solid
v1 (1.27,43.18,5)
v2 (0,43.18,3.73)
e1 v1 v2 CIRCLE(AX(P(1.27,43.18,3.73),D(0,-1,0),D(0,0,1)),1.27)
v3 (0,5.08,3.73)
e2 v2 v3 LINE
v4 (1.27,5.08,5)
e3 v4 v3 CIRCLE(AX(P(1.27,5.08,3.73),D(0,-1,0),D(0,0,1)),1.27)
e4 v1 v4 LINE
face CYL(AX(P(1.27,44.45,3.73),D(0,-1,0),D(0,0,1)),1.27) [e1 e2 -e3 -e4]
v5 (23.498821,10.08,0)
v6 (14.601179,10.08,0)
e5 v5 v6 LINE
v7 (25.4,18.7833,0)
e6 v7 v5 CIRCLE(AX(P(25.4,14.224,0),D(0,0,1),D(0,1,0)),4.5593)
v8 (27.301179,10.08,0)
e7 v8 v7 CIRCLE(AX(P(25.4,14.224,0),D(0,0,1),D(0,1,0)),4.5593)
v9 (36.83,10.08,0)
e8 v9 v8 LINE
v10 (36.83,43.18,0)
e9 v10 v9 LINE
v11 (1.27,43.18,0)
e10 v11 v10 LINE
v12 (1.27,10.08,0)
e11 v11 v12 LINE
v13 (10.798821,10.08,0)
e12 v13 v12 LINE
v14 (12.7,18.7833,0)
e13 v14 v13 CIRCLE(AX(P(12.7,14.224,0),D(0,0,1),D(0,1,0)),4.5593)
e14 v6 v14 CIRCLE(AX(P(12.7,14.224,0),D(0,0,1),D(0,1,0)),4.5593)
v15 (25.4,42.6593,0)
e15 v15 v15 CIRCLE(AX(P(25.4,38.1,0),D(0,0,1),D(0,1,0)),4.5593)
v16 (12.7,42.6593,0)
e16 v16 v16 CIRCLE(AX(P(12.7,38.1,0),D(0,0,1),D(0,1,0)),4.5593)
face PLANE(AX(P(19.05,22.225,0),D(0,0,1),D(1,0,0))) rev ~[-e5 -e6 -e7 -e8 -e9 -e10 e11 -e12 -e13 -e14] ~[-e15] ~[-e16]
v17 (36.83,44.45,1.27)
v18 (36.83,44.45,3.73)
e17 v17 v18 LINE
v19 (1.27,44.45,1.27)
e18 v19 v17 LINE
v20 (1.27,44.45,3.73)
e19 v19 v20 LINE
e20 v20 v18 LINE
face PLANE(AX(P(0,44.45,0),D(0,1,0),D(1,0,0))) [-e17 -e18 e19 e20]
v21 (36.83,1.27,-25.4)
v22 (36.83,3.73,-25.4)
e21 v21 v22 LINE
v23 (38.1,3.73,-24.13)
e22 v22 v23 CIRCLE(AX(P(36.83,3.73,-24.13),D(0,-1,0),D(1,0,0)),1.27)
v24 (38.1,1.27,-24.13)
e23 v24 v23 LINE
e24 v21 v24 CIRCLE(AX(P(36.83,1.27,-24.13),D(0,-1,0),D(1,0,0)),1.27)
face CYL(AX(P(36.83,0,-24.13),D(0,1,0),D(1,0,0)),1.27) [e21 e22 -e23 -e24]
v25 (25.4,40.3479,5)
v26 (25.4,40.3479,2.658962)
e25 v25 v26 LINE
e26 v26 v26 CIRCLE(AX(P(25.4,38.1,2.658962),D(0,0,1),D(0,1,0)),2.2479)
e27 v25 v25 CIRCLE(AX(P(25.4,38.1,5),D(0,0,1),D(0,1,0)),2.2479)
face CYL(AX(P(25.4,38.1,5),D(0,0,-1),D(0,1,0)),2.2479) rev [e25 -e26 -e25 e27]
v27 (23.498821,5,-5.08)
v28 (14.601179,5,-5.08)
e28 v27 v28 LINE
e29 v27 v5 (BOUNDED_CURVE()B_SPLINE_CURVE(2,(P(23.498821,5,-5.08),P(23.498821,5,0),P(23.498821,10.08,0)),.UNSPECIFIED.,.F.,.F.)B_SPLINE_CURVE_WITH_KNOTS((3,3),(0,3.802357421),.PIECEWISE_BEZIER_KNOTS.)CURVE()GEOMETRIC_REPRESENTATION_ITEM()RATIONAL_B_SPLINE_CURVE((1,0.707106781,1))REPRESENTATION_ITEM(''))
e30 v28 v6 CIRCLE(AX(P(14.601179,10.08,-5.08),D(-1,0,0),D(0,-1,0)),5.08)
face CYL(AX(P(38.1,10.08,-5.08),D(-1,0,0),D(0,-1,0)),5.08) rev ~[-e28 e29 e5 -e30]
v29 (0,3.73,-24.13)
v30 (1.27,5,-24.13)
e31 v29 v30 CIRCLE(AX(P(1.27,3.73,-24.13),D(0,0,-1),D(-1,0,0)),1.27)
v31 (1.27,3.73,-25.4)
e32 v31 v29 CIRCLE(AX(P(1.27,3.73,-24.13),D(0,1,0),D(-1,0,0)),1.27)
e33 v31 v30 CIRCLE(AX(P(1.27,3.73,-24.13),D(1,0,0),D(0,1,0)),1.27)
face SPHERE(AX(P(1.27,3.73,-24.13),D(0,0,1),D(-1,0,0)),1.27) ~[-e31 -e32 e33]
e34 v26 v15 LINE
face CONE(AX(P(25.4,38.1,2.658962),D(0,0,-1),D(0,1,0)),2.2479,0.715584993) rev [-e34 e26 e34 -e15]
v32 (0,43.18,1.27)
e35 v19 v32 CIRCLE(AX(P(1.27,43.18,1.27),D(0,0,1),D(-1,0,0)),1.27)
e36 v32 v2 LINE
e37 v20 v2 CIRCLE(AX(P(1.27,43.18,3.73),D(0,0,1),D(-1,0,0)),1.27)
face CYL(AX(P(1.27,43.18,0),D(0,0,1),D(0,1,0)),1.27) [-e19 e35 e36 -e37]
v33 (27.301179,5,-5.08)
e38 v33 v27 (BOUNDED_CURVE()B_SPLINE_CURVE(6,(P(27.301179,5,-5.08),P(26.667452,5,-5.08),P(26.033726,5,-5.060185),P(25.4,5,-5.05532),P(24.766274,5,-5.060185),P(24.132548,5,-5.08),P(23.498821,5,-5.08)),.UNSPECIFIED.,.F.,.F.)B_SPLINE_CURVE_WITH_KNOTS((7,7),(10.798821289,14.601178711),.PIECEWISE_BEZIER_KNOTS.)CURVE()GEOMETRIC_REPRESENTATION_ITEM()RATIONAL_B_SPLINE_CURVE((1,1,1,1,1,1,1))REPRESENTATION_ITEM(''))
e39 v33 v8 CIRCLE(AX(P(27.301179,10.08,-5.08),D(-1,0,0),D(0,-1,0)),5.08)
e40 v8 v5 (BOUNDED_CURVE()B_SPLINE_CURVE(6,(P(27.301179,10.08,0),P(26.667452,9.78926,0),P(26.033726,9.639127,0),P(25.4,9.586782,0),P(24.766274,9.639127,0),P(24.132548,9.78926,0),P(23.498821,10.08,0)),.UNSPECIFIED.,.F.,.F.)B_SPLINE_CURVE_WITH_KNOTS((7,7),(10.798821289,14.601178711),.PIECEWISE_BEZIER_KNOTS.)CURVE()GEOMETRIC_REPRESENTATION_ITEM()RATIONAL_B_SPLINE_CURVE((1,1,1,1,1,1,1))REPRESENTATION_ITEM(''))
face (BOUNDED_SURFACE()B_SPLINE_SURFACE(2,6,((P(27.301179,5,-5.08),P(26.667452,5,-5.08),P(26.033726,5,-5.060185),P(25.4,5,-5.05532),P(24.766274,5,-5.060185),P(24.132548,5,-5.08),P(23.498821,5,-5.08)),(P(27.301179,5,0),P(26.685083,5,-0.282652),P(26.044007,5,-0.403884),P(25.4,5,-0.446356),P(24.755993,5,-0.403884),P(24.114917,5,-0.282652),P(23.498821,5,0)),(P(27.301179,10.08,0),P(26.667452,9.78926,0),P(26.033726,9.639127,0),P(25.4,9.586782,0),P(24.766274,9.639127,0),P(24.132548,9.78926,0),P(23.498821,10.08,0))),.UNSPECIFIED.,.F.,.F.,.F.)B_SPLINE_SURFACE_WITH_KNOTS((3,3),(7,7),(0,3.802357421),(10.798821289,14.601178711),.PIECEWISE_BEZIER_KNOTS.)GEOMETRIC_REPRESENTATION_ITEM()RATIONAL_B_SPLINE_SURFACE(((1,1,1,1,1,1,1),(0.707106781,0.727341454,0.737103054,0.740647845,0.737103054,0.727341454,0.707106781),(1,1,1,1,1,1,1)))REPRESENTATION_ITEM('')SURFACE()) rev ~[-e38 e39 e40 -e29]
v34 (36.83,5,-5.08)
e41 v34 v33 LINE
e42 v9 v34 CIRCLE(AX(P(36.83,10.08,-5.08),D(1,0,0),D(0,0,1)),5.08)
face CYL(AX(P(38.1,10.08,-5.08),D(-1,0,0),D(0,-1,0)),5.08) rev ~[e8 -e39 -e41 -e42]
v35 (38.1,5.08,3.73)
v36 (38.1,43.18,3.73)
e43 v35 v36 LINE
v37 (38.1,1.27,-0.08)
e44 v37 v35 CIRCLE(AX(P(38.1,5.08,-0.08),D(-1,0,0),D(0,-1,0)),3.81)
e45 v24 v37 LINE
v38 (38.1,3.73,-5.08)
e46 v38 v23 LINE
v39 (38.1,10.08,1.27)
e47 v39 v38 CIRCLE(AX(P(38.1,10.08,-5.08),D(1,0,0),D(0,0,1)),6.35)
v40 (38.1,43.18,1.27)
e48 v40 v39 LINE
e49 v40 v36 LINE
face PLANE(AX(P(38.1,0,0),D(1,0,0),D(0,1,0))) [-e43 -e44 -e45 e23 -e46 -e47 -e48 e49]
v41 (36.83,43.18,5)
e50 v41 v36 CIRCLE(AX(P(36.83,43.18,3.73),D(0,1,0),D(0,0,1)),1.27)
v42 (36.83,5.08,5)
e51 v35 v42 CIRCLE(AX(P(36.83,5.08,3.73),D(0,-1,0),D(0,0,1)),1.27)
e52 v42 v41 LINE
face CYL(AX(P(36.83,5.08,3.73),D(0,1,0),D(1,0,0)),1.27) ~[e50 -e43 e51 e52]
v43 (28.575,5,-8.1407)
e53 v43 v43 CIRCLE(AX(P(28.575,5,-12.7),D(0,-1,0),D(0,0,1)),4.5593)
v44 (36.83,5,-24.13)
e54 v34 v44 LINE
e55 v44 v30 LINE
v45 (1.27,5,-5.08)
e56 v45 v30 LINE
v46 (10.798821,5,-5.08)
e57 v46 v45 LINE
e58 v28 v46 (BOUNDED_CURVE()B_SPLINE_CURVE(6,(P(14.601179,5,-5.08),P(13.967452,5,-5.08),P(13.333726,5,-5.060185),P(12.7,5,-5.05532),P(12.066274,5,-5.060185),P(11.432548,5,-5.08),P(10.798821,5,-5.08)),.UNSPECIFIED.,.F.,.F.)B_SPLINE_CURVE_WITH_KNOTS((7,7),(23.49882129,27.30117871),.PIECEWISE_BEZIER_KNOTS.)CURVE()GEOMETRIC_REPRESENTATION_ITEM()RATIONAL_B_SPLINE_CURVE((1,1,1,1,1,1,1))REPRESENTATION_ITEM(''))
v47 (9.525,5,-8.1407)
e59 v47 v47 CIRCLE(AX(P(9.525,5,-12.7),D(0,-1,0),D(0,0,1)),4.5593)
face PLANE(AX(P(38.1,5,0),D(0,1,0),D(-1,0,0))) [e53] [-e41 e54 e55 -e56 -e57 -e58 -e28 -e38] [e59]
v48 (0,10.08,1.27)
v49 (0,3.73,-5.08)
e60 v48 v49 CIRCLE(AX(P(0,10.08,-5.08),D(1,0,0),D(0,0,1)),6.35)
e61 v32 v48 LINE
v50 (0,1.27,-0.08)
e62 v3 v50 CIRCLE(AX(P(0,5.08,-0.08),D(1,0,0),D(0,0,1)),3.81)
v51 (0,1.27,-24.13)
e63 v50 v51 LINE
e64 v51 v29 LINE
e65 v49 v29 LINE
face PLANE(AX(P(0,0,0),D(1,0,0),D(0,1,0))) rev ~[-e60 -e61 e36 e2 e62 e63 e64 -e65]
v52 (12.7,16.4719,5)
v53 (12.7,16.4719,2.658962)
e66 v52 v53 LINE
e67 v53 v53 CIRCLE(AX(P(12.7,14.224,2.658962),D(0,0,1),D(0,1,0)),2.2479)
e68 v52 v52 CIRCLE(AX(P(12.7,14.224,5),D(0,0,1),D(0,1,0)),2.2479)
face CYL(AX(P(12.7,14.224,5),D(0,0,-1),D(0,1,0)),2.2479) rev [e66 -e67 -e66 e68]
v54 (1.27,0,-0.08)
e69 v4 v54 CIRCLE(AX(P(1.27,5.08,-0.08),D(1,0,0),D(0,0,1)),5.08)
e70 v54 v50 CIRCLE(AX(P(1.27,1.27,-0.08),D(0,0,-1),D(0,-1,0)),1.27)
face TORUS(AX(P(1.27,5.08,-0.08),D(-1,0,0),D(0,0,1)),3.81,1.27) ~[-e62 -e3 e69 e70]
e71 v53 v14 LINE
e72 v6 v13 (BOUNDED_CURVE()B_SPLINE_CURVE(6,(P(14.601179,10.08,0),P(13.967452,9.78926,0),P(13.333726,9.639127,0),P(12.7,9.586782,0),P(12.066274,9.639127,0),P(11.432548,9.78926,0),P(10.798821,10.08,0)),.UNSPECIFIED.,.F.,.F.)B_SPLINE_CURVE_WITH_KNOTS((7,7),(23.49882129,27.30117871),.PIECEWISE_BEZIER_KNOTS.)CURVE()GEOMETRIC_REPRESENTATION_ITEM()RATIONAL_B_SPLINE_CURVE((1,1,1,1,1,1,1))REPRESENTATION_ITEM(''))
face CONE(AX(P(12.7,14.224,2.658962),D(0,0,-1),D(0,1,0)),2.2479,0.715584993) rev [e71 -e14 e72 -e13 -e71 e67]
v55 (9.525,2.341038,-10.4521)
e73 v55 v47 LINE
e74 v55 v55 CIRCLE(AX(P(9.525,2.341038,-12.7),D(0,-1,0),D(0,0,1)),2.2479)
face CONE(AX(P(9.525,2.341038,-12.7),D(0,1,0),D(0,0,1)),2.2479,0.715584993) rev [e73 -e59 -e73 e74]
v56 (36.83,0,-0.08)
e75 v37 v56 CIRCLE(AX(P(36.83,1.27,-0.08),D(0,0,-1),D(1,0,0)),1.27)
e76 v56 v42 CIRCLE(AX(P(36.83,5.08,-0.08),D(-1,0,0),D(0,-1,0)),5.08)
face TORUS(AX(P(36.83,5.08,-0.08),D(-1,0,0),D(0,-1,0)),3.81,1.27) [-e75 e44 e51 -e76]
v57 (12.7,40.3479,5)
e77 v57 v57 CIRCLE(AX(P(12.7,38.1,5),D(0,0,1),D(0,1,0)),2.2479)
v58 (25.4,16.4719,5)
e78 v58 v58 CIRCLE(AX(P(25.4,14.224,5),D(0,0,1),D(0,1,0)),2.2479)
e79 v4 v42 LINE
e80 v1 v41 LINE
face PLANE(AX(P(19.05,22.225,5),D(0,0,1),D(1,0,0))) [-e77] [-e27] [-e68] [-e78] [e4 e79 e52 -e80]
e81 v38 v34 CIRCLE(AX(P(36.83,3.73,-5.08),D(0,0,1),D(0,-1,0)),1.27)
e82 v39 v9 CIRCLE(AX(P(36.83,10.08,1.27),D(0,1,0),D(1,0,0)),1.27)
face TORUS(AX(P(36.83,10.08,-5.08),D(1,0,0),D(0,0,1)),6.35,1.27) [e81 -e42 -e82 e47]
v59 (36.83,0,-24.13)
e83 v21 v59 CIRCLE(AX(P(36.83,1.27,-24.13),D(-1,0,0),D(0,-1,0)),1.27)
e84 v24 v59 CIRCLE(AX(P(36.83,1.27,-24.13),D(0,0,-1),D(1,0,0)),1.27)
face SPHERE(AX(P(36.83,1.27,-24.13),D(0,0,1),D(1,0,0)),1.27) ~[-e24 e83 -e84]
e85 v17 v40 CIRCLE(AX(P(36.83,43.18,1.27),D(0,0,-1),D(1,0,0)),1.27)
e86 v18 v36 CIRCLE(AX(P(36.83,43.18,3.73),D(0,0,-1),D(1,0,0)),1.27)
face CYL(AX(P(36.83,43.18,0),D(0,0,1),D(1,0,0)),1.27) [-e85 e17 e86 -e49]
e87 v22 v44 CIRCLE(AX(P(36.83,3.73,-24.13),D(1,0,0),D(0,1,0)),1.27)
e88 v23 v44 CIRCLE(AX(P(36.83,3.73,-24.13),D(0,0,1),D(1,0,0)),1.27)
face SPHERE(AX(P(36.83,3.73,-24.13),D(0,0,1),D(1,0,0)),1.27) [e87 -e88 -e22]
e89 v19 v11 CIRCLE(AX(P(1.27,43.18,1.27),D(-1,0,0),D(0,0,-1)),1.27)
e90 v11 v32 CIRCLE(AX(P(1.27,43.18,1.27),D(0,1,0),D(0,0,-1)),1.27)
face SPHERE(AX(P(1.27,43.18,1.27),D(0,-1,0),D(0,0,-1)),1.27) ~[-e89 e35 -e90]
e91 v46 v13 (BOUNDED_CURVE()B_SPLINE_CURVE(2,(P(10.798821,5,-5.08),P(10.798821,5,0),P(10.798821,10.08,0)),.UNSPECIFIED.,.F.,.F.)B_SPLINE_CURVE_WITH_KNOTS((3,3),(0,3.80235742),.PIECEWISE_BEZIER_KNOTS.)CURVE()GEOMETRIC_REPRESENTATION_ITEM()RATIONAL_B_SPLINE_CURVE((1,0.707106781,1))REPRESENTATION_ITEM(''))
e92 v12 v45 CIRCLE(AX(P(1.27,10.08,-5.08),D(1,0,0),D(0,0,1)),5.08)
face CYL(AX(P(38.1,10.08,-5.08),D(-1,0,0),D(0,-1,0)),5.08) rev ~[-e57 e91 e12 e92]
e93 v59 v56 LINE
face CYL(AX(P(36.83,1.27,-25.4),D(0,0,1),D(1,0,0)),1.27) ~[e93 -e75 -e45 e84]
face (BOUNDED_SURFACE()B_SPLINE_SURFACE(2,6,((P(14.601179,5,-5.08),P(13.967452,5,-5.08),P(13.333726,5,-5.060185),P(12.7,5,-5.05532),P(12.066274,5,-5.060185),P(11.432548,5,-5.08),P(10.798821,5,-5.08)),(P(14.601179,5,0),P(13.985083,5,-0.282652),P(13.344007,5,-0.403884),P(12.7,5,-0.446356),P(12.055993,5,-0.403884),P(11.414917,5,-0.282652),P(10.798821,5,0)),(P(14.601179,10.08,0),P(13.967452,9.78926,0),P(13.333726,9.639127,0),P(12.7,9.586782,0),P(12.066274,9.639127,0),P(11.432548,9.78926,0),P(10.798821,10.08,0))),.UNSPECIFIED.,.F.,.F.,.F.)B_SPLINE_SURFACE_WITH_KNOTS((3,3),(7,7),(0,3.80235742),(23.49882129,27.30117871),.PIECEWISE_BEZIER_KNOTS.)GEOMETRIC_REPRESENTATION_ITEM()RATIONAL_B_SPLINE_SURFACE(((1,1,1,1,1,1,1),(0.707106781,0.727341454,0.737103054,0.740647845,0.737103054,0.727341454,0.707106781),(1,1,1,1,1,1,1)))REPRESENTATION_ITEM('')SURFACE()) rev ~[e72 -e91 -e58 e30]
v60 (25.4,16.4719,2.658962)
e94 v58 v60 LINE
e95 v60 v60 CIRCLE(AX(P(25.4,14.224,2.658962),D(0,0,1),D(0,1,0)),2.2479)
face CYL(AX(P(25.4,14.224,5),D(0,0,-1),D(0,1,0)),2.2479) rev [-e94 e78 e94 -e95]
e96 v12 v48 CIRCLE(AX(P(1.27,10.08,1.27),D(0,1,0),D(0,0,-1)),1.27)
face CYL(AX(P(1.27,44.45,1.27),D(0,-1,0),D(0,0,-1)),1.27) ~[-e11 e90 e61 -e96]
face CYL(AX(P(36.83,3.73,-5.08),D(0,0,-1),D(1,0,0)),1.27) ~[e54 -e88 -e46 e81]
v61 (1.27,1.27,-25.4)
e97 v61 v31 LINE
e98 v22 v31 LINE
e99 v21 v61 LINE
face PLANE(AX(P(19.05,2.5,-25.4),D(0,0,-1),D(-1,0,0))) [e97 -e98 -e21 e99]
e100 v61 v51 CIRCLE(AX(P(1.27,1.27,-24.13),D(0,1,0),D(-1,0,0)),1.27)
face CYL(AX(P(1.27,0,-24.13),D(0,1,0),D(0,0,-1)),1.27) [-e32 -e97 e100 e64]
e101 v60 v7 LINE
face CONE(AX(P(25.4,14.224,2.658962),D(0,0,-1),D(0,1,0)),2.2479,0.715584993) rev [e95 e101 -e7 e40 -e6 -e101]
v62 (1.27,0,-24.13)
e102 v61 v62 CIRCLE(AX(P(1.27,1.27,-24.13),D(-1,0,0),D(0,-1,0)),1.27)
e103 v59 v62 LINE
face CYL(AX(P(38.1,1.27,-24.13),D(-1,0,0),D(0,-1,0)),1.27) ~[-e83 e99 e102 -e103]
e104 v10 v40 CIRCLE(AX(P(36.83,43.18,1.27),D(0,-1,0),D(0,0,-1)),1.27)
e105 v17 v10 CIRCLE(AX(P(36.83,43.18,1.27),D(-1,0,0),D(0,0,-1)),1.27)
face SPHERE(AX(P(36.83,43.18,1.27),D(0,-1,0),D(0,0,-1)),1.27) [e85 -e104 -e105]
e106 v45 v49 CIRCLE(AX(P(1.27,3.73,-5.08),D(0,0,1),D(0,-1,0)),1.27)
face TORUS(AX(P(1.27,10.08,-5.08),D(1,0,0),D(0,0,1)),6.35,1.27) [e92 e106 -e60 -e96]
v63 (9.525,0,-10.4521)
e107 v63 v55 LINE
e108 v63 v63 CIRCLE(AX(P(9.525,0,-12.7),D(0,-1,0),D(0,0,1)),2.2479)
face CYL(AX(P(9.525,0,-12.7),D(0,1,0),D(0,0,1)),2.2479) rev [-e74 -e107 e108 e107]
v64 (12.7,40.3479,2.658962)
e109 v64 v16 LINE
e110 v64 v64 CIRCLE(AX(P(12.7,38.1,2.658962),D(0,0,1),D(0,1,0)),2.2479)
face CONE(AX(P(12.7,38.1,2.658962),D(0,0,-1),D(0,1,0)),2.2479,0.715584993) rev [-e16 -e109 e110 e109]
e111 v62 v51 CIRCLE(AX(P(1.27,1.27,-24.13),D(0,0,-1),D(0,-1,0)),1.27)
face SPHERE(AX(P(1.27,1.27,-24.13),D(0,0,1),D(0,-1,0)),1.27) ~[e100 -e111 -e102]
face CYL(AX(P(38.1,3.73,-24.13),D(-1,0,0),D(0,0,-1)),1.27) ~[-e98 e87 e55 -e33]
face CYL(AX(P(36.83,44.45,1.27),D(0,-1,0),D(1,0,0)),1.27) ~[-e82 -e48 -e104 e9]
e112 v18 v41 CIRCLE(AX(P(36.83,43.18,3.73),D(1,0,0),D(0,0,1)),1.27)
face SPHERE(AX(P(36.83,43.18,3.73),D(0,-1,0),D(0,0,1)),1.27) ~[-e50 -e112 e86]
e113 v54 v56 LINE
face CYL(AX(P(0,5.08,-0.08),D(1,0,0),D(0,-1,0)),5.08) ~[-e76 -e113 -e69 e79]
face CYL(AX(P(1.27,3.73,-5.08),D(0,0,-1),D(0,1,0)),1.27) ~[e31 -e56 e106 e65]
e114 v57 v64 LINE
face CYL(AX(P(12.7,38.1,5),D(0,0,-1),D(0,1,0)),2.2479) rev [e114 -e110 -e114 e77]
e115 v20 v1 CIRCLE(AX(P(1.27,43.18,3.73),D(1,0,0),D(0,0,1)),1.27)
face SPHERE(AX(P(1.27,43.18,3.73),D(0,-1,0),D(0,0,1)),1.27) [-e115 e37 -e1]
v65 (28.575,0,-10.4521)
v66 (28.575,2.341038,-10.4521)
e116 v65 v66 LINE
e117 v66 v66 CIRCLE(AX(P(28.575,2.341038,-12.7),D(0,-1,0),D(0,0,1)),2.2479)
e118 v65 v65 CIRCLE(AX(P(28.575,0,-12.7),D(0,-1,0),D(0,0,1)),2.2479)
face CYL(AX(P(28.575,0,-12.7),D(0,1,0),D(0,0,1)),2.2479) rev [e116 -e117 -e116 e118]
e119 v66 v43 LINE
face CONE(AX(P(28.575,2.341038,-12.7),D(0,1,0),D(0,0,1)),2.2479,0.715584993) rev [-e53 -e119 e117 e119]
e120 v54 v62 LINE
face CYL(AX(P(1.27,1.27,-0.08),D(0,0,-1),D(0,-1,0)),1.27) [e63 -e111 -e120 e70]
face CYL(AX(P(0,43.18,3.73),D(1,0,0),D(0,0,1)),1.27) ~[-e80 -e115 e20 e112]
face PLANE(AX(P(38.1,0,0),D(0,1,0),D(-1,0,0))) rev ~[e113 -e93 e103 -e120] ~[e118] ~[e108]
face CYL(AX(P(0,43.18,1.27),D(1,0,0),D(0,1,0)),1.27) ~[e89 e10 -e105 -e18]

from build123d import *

# Parameters (mm, degrees)
SKETCH1_W                                     = 38.1
SKETCH1_H                                     = 44.45
BOSS_EXTRUDE1_DEPTH                           = 5
SKETCH2_W                                     = 38.1
SKETCH2_H                                     = 5
BOSS_EXTRUDE2_DEPTH                           = 25.4
CSK_FOR_8_FLAT_HEAD_SOCKET_CAP_SCREW1_A_COUNT = 2
CSK_FOR_8_FLAT_HEAD_SOCKET_CAP_SCREW1_A_PITCH = 12.7
CSK_FOR_8_FLAT_HEAD_SOCKET_CAP_SCRE_2_COUNT   = 2
CSK_FOR_8_FLAT_HEAD_SOCKET_CAP_SCRE_2_PITCH   = 27.043545921
CSK_FOR_8_FLAT_HEAD_SOCKET_CAP_SCRE_3_COUNT   = 2
CSK_FOR_8_FLAT_HEAD_SOCKET_CAP_SCRE_3_PITCH   = 23.876
CSK_FOR_8_FLAT_HEAD_SOCKET_CAP_SCREW2_A_COUNT = 2
CSK_FOR_8_FLAT_HEAD_SOCKET_CAP_SCREW2_A_PITCH = 19.05
FILLET1_R                                     = 5.08
FILLET2_R                                     = 5.08
FILLET3_R                                     = 1.27


with BuildPart() as part:
    # Sketch1 → Boss-Extrude1 (new body)
    with BuildSketch(Plane.XY):
        with Locations((19.05, 22.225)):
            Rectangle(SKETCH1_W, SKETCH1_H)
    extrude(amount=BOSS_EXTRUDE1_DEPTH)

    # Sketch2 → Boss-Extrude2 (add)
    with BuildSketch(Plane(origin=(0, 0, 0), x_dir=(-1, 0, 0), z_dir=(0, 0, -1))):
        with Locations((-19.05, 2.5)):
            Rectangle(SKETCH2_W, SKETCH2_H)
    extrude(amount=BOSS_EXTRUDE2_DEPTH)

    # Sketch4 → CSK for #8 Flat Head Socket Cap Screw1 (revolve, cut)
    with BuildSketch(Plane(origin=(25.4, 38.1, 0), x_dir=(0, 1, 0), z_dir=(1, 0, 0))):
        Polygon((0, 0), (0, 5), (2.2479, 5), (2.2479, 2.658961536), (4.5593, 0), align=None)
    csk_for_8_flat_head_socket_cap_screw1 = revolve(axis=Axis((25.4, 38.1, -6.35), (0, 0, 1)), mode=Mode.SUBTRACT)

    # CSK for #8 Flat Head Socket Cap Screw1 a: CSK for #8 Flat Head Socket Cap Screw1 ×2
    with Locations(*[(-i * CSK_FOR_8_FLAT_HEAD_SOCKET_CAP_SCREW1_A_PITCH, 0, 0) for i in range(1, CSK_FOR_8_FLAT_HEAD_SOCKET_CAP_SCREW1_A_COUNT)]):
        add(csk_for_8_flat_head_socket_cap_screw1, mode=Mode.SUBTRACT)

    # CSK for _8 Flat Head Socket Cap Scre 2: CSK for #8 Flat Head Socket Cap Screw1 ×2
    with Locations(*[Vector(-0.4696129729783402, -0.8828723891992799, 0) * (i * CSK_FOR_8_FLAT_HEAD_SOCKET_CAP_SCRE_2_PITCH) for i in range(1, CSK_FOR_8_FLAT_HEAD_SOCKET_CAP_SCRE_2_COUNT)]):
        add(csk_for_8_flat_head_socket_cap_screw1, mode=Mode.SUBTRACT)

    # CSK for _8 Flat Head Socket Cap Scre 3: CSK for #8 Flat Head Socket Cap Screw1 ×2
    with Locations(*[(0, -i * CSK_FOR_8_FLAT_HEAD_SOCKET_CAP_SCRE_3_PITCH, 0) for i in range(1, CSK_FOR_8_FLAT_HEAD_SOCKET_CAP_SCRE_3_COUNT)]):
        add(csk_for_8_flat_head_socket_cap_screw1, mode=Mode.SUBTRACT)

    # Sketch6 → CSK for #8 Flat Head Socket Cap Screw2 (revolve, cut)
    with BuildSketch(Plane(origin=(28.575, 5, -12.7), x_dir=(0, 0, 1), z_dir=(1, 0, 0))):
        Polygon((0, 0), (0, 5), (2.2479, 5), (2.2479, 2.658961536), (4.5593, 0), align=None)
    csk_for_8_flat_head_socket_cap_screw2 = revolve(axis=Axis((28.575, 11.35, -12.7), (0, -1, 0)), mode=Mode.SUBTRACT)

    # CSK for #8 Flat Head Socket Cap Screw2 a: CSK for #8 Flat Head Socket Cap Screw2 ×2
    with Locations(*[(-i * CSK_FOR_8_FLAT_HEAD_SOCKET_CAP_SCREW2_A_PITCH, 0, 0) for i in range(1, CSK_FOR_8_FLAT_HEAD_SOCKET_CAP_SCREW2_A_COUNT)]):
        add(csk_for_8_flat_head_socket_cap_screw2, mode=Mode.SUBTRACT)

    # Fillet1
    fillet1_edges = [part.edges().sort_by_distance(p)[0] for p in [
        (19.05, 5, 0),
    ]]
    fillet(fillet1_edges, radius=FILLET1_R)

    # Fillet2
    fillet2_edges = [part.edges().sort_by_distance(p)[0] for p in [
        (19.05, 0, 5),
    ]]
    fillet(fillet2_edges, radius=FILLET2_R)

    # Fillet3
    fillet3_edges = [part.edges().sort_by_distance(p)[0] for p in [
        (38.1, 24.765, 5),
        (38.1, 0, -12.74),
        (38.1, 1.487897552, 3.512102448),
        (0, 0, -12.74),
        (0, 1.487897552, 3.512102448),
        (38.1, 5, -15.24),
        (0, 5, -15.24),
        (38.1, 2.5, -25.4),
        (19.05, 44.45, 5),
        (19.05, 0, -25.4),
        (0, 2.5, -25.4),
        (19.05, 5, -25.4),
        (0, 24.765, 5),
        (19.05, 44.45, 0),
        (0, 27.265, 0),
        (38.1, 27.265, 0),
        (38.1, 6.487897552, -1.487897552),
        (0, 44.45, 2.5),
        (0, 6.487897552, -1.487897552),
        (38.1, 44.45, 2.5),
    ]]
    fillet(fillet3_edges, radius=FILLET3_R)


solid = part.part
